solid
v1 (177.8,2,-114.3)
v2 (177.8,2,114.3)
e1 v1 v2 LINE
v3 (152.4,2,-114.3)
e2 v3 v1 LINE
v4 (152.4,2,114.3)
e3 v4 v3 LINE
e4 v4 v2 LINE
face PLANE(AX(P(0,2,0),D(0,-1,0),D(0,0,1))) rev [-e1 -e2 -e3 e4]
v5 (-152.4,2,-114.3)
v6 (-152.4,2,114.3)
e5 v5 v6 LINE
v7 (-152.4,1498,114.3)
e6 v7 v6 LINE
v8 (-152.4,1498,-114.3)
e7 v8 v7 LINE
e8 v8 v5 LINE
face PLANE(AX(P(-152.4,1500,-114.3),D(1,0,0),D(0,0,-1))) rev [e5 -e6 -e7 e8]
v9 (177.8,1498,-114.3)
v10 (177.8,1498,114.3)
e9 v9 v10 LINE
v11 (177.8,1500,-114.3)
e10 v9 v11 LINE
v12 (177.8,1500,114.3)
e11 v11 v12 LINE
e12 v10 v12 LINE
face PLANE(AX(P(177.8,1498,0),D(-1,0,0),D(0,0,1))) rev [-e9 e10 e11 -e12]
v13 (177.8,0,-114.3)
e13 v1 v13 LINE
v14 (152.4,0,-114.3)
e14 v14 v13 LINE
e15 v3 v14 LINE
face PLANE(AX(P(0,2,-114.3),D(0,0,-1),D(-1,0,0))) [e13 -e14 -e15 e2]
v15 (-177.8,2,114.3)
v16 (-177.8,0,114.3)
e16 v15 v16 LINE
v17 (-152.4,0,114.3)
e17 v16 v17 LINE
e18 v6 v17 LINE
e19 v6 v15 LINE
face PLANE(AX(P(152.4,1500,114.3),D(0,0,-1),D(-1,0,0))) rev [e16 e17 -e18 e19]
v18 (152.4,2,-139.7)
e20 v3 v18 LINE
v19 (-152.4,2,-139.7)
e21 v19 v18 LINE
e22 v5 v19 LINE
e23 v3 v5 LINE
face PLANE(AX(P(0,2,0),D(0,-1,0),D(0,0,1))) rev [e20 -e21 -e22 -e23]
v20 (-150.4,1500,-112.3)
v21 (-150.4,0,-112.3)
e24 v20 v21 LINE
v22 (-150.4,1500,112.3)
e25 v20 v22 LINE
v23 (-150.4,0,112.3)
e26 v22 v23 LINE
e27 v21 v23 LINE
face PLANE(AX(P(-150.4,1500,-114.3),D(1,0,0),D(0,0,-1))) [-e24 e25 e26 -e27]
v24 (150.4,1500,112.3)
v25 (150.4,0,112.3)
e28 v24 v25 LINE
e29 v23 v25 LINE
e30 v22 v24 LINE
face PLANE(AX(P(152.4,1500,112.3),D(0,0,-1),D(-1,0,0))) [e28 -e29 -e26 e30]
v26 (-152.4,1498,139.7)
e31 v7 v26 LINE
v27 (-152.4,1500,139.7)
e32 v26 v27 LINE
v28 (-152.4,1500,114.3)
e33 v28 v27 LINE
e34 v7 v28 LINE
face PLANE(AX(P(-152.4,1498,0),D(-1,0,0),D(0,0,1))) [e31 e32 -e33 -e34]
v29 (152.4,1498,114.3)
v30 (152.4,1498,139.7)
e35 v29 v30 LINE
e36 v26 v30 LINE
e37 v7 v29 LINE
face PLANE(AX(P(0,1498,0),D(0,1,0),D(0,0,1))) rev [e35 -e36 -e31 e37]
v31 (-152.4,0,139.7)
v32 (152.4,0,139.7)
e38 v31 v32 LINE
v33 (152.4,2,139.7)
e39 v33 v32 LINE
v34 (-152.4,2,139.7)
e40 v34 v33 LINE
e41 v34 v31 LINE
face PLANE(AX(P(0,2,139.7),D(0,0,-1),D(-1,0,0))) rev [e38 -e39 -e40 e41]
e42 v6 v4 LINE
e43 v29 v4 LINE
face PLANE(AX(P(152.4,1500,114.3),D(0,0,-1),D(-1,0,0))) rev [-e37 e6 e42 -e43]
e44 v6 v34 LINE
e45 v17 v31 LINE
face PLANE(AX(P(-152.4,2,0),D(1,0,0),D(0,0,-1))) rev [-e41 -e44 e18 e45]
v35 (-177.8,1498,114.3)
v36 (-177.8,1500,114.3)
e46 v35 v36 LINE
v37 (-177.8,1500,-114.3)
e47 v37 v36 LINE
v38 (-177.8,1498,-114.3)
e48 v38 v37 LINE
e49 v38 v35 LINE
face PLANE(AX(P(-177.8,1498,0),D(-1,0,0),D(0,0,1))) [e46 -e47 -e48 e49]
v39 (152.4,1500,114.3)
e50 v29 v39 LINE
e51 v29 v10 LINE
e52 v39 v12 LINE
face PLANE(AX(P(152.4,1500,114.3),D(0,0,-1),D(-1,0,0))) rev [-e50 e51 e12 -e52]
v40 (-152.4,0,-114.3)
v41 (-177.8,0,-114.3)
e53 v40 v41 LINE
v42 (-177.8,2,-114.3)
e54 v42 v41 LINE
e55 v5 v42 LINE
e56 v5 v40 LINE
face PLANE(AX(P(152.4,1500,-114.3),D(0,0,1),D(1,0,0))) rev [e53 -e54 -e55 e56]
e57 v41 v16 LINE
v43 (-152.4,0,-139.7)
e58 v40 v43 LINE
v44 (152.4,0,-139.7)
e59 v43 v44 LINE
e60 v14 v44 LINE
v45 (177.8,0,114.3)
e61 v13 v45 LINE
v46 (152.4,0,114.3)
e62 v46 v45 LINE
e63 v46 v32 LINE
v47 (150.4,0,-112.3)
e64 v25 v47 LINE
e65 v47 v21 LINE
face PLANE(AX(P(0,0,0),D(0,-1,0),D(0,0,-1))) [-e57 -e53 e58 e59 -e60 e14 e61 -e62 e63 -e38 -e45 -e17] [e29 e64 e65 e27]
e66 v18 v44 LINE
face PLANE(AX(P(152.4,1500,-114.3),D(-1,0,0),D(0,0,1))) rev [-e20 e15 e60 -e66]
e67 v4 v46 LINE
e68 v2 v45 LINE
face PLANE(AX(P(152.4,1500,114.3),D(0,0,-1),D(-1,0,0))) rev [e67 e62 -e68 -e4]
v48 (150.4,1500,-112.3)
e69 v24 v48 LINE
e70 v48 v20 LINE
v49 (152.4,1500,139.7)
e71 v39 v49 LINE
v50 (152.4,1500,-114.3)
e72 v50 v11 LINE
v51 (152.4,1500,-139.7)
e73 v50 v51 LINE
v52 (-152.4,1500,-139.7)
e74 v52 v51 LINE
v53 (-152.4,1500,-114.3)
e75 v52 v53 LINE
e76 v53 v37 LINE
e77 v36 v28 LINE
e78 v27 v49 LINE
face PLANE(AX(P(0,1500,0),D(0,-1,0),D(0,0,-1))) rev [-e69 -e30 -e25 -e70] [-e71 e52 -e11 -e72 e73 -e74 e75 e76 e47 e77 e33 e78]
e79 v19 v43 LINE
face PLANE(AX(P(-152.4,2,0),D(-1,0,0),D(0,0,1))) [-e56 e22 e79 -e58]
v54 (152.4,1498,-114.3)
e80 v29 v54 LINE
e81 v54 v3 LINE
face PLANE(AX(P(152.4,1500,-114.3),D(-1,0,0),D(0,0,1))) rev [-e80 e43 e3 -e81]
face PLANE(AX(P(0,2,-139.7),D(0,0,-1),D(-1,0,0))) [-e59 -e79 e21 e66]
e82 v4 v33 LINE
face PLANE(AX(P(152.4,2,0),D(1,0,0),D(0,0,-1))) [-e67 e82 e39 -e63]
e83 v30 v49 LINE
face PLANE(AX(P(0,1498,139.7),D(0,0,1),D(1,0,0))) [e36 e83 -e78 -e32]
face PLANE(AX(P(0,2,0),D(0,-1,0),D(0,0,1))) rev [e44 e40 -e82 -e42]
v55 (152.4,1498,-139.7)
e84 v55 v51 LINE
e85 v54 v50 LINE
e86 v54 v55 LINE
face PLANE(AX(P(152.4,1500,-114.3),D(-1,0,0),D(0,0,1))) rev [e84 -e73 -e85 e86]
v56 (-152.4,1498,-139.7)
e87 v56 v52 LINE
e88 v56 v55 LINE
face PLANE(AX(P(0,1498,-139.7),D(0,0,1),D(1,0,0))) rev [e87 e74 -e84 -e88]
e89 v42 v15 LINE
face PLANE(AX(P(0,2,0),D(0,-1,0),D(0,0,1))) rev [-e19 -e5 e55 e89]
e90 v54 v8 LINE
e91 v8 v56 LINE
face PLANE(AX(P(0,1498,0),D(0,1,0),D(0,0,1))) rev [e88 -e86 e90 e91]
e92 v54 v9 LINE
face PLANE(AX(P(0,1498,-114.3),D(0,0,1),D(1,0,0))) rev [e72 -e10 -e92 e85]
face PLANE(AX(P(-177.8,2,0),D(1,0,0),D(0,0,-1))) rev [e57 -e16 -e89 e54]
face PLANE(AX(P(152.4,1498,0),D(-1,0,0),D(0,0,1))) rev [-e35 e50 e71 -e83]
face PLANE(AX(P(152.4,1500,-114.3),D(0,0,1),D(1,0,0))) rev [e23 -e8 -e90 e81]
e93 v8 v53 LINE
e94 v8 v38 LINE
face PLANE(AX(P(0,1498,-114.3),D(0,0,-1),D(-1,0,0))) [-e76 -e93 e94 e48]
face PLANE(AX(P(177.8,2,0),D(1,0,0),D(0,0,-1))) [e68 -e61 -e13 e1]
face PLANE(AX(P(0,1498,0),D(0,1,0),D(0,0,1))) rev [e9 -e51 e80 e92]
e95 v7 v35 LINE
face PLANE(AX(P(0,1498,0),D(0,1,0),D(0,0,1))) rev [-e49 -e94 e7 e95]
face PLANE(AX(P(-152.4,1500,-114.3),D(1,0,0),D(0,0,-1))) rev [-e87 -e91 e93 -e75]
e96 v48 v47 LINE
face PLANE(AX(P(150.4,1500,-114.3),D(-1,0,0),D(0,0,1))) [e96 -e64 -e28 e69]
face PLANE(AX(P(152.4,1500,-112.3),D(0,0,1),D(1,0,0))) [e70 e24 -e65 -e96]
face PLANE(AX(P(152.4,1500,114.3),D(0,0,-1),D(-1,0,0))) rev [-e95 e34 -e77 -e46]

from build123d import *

# Parameters (mm, degrees)
CROQUIS1_W              = 304.8
CROQUIS1_H              = 228.6
SALIENTE_EXTRUIR1_DEPTH = 1500
VACIADO1_T              = -2
CROQUIS2_W              = 25.4
CROQUIS2_H              = 228.6
CROQUIS2_W_2            = 304.8
CROQUIS2_H_2            = 25.4
SALIENTE_EXTRUIR2_DEPTH = 2


with BuildPart() as part:
    # Croquis1 → Saliente-Extruir1 (new body)
    with BuildSketch(Plane(origin=(0, 0, 0), x_dir=(1, 0, 0), z_dir=(0, 1, 0))):
        Rectangle(CROQUIS1_W, CROQUIS1_H)
    extrude(amount=SALIENTE_EXTRUIR1_DEPTH)

    # Vaciado1
    vaciado1_openings = [part.faces().sort_by_distance(p)[0] for p in [
        (0, 1500, 0),
        (0, 0, 0),
    ]]
    offset(amount=VACIADO1_T, openings=vaciado1_openings, kind=Kind.INTERSECTION)

    # Croquis2 → Saliente-Extruir2 (add)
    with BuildSketch(Plane(origin=(0, 1500, 0), x_dir=(1, 0, 0), z_dir=(0, 1, 0))):
        with Locations((-165.1, 0)):
            Rectangle(CROQUIS2_W, CROQUIS2_H)
        with Locations((0, 127)):
            Rectangle(CROQUIS2_W_2, CROQUIS2_H_2)
        with Locations((0, -127)):
            Rectangle(CROQUIS2_W_2, CROQUIS2_H_2)
        with Locations((165.1, 0)):
            Rectangle(CROQUIS2_W, CROQUIS2_H)
    saliente_extruir2 = extrude(amount=-SALIENTE_EXTRUIR2_DEPTH)

    # Simetría1: Saliente-Extruir2 across plane
    add(saliente_extruir2.mirror(Plane.ZX.offset(750)))


solid = part.part
